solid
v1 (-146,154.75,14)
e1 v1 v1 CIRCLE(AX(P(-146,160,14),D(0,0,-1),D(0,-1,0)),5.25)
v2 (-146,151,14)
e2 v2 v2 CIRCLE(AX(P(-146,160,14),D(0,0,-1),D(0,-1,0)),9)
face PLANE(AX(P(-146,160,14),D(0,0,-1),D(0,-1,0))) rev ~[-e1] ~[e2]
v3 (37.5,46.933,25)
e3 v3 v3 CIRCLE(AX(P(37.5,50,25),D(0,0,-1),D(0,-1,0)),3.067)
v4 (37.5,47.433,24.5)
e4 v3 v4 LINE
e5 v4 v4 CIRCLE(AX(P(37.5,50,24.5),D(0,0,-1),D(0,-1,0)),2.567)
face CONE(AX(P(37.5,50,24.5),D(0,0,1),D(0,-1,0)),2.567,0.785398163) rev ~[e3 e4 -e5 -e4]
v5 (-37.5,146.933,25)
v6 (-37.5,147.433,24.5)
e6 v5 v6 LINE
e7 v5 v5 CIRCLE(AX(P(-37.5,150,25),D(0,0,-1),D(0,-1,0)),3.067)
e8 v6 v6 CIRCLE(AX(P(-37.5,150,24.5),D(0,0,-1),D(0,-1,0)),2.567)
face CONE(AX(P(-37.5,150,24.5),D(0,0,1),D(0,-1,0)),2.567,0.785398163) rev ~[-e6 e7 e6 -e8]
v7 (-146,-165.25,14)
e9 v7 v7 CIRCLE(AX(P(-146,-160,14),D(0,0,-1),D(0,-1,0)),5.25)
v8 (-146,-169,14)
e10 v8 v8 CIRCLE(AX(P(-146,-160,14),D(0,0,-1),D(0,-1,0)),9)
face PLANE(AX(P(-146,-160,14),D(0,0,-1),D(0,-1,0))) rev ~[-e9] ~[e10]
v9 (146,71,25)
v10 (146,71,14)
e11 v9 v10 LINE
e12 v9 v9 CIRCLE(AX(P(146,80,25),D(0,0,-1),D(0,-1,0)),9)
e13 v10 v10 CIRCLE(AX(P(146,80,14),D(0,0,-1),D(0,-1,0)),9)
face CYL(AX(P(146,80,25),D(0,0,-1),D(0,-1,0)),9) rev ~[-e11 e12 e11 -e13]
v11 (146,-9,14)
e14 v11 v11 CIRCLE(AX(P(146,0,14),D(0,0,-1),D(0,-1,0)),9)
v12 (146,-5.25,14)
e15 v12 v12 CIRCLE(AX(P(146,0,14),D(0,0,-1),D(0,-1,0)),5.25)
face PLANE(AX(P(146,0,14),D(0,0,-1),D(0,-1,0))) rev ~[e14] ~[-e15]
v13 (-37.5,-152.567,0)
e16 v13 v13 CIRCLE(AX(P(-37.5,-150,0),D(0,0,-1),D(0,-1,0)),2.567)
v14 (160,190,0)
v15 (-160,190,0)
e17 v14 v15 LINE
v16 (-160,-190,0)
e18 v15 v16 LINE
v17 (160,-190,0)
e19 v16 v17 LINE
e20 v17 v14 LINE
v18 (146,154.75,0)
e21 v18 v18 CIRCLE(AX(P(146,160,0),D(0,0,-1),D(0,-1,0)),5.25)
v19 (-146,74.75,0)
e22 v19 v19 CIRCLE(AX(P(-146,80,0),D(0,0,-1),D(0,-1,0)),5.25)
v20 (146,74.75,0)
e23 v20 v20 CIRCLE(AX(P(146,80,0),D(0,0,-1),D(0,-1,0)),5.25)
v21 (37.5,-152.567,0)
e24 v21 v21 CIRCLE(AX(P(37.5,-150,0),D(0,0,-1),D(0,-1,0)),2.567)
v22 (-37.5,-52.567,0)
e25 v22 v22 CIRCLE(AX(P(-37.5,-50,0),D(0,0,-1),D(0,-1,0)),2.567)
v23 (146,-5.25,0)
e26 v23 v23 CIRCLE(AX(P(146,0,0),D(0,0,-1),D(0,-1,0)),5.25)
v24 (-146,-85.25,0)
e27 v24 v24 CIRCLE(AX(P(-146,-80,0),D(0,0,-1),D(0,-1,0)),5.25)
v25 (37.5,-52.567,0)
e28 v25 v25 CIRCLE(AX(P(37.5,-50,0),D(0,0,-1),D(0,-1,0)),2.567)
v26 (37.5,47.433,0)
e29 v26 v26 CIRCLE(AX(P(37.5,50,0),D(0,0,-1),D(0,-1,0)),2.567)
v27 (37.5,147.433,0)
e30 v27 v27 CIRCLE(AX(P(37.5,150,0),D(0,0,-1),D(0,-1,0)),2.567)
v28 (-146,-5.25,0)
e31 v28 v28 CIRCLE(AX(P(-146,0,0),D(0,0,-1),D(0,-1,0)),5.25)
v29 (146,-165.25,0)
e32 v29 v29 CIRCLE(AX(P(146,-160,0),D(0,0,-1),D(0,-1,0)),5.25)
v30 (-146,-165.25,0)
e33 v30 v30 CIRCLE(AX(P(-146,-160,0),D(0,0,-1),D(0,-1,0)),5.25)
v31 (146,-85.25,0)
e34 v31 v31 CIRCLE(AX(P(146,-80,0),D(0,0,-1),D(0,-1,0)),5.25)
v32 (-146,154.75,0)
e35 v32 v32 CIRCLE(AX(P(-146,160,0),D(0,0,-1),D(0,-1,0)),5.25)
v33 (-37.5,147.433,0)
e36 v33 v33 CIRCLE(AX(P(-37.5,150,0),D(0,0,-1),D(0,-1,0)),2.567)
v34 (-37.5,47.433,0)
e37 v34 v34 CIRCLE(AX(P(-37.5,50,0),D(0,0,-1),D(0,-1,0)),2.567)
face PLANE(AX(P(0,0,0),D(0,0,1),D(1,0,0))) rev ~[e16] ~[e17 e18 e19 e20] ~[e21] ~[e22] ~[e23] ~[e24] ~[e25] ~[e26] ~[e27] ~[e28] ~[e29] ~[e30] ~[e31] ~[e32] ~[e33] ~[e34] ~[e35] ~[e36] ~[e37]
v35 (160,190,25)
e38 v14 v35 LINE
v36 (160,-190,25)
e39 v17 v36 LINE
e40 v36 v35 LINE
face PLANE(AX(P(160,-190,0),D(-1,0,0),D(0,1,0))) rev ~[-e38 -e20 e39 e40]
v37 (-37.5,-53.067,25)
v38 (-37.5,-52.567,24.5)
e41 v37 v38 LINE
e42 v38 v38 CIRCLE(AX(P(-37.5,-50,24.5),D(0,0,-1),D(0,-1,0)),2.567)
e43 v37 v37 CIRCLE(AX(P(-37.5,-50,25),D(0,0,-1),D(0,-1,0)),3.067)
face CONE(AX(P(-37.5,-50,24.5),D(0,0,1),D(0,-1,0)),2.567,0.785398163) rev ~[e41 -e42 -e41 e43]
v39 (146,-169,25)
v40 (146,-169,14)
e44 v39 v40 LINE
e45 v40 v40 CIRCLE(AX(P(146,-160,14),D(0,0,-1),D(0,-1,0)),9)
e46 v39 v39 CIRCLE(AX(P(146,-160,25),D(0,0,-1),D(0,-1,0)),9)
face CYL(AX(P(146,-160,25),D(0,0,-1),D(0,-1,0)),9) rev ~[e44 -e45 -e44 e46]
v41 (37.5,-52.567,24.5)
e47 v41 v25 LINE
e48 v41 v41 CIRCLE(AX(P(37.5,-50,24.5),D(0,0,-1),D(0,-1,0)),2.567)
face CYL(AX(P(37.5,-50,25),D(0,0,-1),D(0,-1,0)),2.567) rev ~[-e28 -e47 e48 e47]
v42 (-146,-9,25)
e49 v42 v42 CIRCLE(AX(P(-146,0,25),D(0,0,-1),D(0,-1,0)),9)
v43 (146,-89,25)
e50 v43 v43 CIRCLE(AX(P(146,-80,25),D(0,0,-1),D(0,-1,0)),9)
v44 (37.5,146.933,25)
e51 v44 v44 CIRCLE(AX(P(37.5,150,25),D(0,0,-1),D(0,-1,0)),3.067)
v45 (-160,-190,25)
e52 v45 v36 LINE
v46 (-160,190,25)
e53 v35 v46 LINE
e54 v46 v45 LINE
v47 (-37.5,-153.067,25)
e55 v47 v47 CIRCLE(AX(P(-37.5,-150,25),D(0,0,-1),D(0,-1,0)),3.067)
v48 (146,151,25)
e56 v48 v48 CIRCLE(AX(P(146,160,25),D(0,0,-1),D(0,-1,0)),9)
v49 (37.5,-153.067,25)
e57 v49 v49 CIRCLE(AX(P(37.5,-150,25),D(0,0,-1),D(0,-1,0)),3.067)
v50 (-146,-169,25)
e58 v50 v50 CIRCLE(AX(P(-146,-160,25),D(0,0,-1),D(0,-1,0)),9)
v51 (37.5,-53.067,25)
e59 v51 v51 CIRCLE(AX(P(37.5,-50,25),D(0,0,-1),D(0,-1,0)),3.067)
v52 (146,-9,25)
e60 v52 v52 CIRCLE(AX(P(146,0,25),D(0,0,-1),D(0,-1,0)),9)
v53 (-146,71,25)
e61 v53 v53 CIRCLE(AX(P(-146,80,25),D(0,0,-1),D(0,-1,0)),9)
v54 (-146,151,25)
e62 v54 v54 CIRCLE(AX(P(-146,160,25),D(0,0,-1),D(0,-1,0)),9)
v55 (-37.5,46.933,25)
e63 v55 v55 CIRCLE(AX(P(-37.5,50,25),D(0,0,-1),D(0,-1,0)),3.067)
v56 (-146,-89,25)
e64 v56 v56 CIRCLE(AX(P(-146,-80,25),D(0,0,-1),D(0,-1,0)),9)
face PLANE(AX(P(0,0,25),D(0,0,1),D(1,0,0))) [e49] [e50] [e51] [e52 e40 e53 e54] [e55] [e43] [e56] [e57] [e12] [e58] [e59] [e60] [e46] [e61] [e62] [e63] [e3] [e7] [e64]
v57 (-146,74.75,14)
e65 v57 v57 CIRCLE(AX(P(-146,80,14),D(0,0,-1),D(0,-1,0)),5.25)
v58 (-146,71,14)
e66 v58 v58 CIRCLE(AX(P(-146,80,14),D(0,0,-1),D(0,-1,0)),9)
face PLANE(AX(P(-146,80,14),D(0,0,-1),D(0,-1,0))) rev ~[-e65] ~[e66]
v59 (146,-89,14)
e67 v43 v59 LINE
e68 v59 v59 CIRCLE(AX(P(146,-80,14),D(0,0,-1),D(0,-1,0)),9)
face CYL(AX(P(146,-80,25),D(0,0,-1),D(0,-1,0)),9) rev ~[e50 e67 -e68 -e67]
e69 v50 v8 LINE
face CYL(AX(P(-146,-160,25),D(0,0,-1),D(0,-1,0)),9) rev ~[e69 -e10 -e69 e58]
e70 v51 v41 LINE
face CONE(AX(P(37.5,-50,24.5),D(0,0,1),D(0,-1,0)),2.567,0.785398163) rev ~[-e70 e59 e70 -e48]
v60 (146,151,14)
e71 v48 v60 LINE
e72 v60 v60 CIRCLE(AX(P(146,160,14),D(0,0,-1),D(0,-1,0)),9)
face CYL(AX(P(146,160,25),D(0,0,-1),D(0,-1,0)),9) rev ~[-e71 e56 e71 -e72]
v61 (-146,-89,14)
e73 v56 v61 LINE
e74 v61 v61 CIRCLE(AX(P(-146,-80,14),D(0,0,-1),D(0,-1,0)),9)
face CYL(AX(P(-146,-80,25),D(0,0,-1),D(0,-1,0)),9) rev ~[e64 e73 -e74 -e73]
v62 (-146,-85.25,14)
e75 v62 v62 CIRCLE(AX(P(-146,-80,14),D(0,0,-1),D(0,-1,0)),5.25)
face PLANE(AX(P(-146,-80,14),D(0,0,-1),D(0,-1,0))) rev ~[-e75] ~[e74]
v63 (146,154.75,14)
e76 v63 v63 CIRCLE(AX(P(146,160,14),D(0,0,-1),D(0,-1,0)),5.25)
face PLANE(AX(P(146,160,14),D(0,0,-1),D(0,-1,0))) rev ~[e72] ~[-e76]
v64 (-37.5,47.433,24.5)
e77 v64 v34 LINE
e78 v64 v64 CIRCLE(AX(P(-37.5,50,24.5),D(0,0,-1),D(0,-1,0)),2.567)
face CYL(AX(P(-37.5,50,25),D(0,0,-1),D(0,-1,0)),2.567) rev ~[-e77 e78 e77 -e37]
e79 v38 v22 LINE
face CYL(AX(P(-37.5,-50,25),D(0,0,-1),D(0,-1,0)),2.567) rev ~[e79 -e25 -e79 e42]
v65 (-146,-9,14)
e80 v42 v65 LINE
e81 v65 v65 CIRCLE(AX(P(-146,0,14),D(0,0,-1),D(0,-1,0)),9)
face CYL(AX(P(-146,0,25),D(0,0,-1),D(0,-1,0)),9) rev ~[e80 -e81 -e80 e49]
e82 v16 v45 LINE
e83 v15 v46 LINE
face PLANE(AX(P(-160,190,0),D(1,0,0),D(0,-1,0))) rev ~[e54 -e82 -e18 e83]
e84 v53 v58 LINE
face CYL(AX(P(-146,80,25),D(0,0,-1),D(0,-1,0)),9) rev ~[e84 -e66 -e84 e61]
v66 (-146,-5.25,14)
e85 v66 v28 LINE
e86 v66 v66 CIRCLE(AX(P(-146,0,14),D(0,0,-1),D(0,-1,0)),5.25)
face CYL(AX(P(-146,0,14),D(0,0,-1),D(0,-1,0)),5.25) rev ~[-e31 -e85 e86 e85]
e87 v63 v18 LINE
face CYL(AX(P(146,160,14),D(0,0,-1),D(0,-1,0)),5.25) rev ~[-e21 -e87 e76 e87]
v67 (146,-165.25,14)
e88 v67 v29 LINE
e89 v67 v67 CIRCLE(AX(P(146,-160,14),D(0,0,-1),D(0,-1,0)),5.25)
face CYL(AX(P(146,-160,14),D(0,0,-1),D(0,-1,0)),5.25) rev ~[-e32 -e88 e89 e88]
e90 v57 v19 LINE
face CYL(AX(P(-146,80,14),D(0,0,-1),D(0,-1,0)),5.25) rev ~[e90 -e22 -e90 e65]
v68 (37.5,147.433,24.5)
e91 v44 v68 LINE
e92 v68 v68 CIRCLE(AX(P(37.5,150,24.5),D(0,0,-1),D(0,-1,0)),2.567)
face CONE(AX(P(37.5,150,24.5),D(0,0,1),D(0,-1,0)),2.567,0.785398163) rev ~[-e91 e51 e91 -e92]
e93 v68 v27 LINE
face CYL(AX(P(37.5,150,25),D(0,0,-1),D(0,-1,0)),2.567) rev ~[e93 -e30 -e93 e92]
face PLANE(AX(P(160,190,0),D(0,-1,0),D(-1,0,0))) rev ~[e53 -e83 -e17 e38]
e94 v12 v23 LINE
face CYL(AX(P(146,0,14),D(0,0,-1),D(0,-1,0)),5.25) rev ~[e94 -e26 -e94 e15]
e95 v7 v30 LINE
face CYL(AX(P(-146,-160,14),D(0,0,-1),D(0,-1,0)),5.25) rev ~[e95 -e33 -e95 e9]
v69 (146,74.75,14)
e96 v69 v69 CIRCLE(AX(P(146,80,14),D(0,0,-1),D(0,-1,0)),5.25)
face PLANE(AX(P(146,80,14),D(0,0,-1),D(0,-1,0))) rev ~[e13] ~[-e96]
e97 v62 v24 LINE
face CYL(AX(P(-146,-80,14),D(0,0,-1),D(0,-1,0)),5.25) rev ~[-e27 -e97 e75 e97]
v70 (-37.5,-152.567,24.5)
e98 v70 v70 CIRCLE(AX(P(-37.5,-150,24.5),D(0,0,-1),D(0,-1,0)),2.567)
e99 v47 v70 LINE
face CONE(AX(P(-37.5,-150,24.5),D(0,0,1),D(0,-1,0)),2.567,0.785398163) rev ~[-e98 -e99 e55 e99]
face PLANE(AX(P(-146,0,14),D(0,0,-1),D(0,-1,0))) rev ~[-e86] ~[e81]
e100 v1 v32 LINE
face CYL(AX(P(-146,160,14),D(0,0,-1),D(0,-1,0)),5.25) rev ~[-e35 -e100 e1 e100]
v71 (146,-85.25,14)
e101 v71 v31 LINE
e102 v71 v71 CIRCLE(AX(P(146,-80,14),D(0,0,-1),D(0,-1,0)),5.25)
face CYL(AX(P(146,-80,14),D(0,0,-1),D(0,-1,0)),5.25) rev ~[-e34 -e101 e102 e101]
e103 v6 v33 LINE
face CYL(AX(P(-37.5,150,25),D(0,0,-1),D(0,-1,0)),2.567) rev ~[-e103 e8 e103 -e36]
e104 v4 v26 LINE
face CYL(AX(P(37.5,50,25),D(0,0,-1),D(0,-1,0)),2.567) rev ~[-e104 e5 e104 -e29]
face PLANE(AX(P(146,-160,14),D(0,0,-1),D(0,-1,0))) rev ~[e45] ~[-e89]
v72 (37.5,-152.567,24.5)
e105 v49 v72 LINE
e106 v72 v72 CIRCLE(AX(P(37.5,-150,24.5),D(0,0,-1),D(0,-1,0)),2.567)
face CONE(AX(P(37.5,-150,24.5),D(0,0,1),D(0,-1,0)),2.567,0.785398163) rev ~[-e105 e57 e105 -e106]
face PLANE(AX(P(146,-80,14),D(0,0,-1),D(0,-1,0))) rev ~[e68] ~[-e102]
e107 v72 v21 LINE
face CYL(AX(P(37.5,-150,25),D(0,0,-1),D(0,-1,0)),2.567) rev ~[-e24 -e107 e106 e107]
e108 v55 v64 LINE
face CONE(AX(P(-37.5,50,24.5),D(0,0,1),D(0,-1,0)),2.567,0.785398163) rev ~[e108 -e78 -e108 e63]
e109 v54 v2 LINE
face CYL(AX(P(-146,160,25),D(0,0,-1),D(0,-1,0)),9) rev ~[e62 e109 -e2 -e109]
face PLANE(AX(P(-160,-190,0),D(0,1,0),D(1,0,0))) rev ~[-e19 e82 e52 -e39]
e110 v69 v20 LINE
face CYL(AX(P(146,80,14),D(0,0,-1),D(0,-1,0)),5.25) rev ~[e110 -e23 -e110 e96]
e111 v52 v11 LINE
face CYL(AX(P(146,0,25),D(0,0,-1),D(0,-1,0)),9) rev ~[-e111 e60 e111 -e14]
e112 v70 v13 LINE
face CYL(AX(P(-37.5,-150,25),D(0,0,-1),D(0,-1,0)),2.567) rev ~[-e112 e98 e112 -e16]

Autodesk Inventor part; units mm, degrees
ref_plane "YZ Plane" through (0, 0, 0) normal (1, 0, 0) x (0, 1, 0)
ref_plane "XZ Plane" through (0, 0, 0) normal (0, 1, 0) x (-1, 0, 0)
ref_plane "XY Plane" through (0, 0, 0) normal (0, 0, 1) x (1, 0, 0)
sketch "Sketch1" plane through (0, 0, 0) normal (0, 0, 1) x (1, 0, 0)
  line L0 (-160, -190) -> (160, -190)
  line L1 (160, -190) -> (160, 190)
  line L2 (160, 190) -> (-160, 190)
  line L3 (-160, 190) -> (-160, -190)
  line L4 (-160, -190) -> (160, 190) construction
  line L5 (160, -190) -> (-160, 190) construction
  point P0 (0, 0)
  dimension "d0" = 320
  dimension "d1" = 380
extrude "Extrusion1" add sketch "Sketch1" along normal blind 25
sketch "Sketch2" plane through (0, 0, 25) normal (0, 0, 1) x (1, 0, 0)
  line L0 (-37.5, -150) -> (37.5, -150) construction
  line L1 (37.5, -150) -> (37.5, 150) construction
  line L2 (37.5, 150) -> (-37.5, 150) construction
  line L3 (-37.5, 150) -> (-37.5, -150) construction
  line L4 (-37.5, -150) -> (37.5, 150) construction
  line L5 (37.5, -150) -> (-37.5, 150) construction
  point P0 (0, 0)
  point P1 (-37.5, 50)
  point P2 (37.5, 50)
  point P3 (-37.5, -50)
  point P4 (37.5, -50)
  dimension "d4" = 75
  dimension "d5" = 300
  dimension "d6" = 100
  dimension "d7" = 100
  dimension "d8" = 100
hole "Hole1" at (-37.5, 150, 25) at (37.5, 150, 25) at (-37.5, 50, 25) at (37.5, 50, 25) at (-37.5, -50, 25) at (37.5, -50, 25) at (-37.5, -150, 25) at (37.5, -150, 25) direction (0, 0, -1) diameter 5.134 end through all thread size "M6x0.8" class "6H" standard "ISO Metric profile"
chamfer "Chamfer1" distance 0.5 angle 45 8 edges at (-37.5, -147.433, 25) (-37.5, -47.433, 25) (37.5, -147.433, 25) (37.5, -47.433, 25) (-37.5, 52.567, 25) (-37.5, 152.567, 25) (37.5, 52.567, 25) (37.5, 152.567, 25)
sketch "Sketch5" plane through (0, 0, 25) normal (0, 0, 1) x (1, 0, 0)
  circle A0 centre (37.5, -150) radius 3.067 construction
  circle A1 centre (-37.5, -50) radius 3.067 construction
  circle A2 centre (-37.5, 50) radius 3.067 construction
  circle A3 centre (-37.5, 150) radius 3.067 construction
  line L0 (160, -190) -> (160, 190) construction
  line L1 (160, 190) -> (-160, 190) construction
  line L2 (-160, 190) -> (-160, -190) construction
  line L3 (-160, -190) -> (160, -190) construction
  circle A4 centre (37.5, 150) radius 3.067 construction
  circle A5 centre (37.5, 50) radius 3.067 construction
  circle A6 centre (37.5, -50) radius 3.067 construction
  circle A7 centre (-37.5, -150) radius 3.067 construction
  line L4 (146, 190) -> (146, -190) construction
  line L5 (160, -190) -> (160, 190) projected
  line L6 (160, 190) -> (-160, 190) projected
  line L7 (-160, -190) -> (160, -190) projected
  line L8 (0, 190) -> (0, -190) construction
  point P0 (0, 0)
  point P1 (146, 160)
  point P2 (146, 80)
  point P3 (146, 0)
  point P4 (146, -80)
  point P5 (146, -160)
  point P6 (-146, 160)
  point P7 (-146, 80)
  point P8 (-146, 0)
  point P9 (-146, -80)
  point P10 (-146, -160)
  dimension "d49" = 14
  dimension "d50" = 80
  dimension "d51" = 80
  dimension "d52" = 80
  dimension "d53" = 30
  dimension "d54" = 80
  dimension "d55" = 30
hole "Hole4" at (146, 160, 25) at (146, 80, 25) at (146, 0, 25) at (146, -80, 25) at (146, -160, 25) at (-146, 160, 25) at (-146, 80, 25) at (-146, 0, 25) at (-146, -80, 25) at (-146, -160, 25) direction (0, 0, -1) diameter 10.5 end through all counterbore diameter 18 counterbore depth 11 clearance for "Socket Head Cap Screw ISO 4762" size "M10" standard "ISO"
sketch "Sketch3" plane through (160, -190, 0) normal (1, 0, 0) x (0, 0, -1)
  line L0 (0, 380) -> (-25, 380) construction
  line L1 (-12.5, 380) -> (-12.5, 0) construction
  line L2 (0, 0) -> (-25, 0) construction
  point P0 (0, 190)
  point P1 (-12.5, 315)
  point P2 (-12.5, 250)
  point P3 (-12.5, 185)
  point P4 (-12.5, 120)
  point P5 (-12.5, 55)
  dimension "d19" = 65
  dimension "d20" = 65
  dimension "d21" = 65
  dimension "d22" = 65
  dimension "d25" = 65
  dimension "d26" = 55
sketch "Sketch4" plane through (-160, -190, 0) normal (-1, 0, 0) x (0, 0, 1)
  line L0 (0, 380) -> (25, 380) construction
  line L1 (12.5, 380) -> (12.5, 0) construction
  line L2 (0, 0) -> (25, 0) construction
  line L3 (0, 380) -> (25, 380) projected
  point P0 (0, 190)
  point P1 (12.5, 55)
  point P2 (12.5, 315)
  point P3 (12.5, 250)
  point P4 (12.5, 185)
  point P5 (12.5, 120)
  dimension "d37" = 65
  dimension "d38" = 65
  dimension "d39" = 65
  dimension "d40" = 65
  dimension "d41" = 65
equation "\"d51\" = d50"
equation "\"d52\" = d50"
equation "\"d54\" = d52"
equation "\"d20\" = d19"
equation "\"d21\" = d19"
equation "\"d22\" = d19"
equation "\"d25\" = d22"
equation "\"d37\" = d38"
equation "\"d38\" = d40"
equation "\"d40\" = d39"
equation "\"d41\" = d37"
properties part number "KN-00-01-03" material "X5CrNi18-10"
